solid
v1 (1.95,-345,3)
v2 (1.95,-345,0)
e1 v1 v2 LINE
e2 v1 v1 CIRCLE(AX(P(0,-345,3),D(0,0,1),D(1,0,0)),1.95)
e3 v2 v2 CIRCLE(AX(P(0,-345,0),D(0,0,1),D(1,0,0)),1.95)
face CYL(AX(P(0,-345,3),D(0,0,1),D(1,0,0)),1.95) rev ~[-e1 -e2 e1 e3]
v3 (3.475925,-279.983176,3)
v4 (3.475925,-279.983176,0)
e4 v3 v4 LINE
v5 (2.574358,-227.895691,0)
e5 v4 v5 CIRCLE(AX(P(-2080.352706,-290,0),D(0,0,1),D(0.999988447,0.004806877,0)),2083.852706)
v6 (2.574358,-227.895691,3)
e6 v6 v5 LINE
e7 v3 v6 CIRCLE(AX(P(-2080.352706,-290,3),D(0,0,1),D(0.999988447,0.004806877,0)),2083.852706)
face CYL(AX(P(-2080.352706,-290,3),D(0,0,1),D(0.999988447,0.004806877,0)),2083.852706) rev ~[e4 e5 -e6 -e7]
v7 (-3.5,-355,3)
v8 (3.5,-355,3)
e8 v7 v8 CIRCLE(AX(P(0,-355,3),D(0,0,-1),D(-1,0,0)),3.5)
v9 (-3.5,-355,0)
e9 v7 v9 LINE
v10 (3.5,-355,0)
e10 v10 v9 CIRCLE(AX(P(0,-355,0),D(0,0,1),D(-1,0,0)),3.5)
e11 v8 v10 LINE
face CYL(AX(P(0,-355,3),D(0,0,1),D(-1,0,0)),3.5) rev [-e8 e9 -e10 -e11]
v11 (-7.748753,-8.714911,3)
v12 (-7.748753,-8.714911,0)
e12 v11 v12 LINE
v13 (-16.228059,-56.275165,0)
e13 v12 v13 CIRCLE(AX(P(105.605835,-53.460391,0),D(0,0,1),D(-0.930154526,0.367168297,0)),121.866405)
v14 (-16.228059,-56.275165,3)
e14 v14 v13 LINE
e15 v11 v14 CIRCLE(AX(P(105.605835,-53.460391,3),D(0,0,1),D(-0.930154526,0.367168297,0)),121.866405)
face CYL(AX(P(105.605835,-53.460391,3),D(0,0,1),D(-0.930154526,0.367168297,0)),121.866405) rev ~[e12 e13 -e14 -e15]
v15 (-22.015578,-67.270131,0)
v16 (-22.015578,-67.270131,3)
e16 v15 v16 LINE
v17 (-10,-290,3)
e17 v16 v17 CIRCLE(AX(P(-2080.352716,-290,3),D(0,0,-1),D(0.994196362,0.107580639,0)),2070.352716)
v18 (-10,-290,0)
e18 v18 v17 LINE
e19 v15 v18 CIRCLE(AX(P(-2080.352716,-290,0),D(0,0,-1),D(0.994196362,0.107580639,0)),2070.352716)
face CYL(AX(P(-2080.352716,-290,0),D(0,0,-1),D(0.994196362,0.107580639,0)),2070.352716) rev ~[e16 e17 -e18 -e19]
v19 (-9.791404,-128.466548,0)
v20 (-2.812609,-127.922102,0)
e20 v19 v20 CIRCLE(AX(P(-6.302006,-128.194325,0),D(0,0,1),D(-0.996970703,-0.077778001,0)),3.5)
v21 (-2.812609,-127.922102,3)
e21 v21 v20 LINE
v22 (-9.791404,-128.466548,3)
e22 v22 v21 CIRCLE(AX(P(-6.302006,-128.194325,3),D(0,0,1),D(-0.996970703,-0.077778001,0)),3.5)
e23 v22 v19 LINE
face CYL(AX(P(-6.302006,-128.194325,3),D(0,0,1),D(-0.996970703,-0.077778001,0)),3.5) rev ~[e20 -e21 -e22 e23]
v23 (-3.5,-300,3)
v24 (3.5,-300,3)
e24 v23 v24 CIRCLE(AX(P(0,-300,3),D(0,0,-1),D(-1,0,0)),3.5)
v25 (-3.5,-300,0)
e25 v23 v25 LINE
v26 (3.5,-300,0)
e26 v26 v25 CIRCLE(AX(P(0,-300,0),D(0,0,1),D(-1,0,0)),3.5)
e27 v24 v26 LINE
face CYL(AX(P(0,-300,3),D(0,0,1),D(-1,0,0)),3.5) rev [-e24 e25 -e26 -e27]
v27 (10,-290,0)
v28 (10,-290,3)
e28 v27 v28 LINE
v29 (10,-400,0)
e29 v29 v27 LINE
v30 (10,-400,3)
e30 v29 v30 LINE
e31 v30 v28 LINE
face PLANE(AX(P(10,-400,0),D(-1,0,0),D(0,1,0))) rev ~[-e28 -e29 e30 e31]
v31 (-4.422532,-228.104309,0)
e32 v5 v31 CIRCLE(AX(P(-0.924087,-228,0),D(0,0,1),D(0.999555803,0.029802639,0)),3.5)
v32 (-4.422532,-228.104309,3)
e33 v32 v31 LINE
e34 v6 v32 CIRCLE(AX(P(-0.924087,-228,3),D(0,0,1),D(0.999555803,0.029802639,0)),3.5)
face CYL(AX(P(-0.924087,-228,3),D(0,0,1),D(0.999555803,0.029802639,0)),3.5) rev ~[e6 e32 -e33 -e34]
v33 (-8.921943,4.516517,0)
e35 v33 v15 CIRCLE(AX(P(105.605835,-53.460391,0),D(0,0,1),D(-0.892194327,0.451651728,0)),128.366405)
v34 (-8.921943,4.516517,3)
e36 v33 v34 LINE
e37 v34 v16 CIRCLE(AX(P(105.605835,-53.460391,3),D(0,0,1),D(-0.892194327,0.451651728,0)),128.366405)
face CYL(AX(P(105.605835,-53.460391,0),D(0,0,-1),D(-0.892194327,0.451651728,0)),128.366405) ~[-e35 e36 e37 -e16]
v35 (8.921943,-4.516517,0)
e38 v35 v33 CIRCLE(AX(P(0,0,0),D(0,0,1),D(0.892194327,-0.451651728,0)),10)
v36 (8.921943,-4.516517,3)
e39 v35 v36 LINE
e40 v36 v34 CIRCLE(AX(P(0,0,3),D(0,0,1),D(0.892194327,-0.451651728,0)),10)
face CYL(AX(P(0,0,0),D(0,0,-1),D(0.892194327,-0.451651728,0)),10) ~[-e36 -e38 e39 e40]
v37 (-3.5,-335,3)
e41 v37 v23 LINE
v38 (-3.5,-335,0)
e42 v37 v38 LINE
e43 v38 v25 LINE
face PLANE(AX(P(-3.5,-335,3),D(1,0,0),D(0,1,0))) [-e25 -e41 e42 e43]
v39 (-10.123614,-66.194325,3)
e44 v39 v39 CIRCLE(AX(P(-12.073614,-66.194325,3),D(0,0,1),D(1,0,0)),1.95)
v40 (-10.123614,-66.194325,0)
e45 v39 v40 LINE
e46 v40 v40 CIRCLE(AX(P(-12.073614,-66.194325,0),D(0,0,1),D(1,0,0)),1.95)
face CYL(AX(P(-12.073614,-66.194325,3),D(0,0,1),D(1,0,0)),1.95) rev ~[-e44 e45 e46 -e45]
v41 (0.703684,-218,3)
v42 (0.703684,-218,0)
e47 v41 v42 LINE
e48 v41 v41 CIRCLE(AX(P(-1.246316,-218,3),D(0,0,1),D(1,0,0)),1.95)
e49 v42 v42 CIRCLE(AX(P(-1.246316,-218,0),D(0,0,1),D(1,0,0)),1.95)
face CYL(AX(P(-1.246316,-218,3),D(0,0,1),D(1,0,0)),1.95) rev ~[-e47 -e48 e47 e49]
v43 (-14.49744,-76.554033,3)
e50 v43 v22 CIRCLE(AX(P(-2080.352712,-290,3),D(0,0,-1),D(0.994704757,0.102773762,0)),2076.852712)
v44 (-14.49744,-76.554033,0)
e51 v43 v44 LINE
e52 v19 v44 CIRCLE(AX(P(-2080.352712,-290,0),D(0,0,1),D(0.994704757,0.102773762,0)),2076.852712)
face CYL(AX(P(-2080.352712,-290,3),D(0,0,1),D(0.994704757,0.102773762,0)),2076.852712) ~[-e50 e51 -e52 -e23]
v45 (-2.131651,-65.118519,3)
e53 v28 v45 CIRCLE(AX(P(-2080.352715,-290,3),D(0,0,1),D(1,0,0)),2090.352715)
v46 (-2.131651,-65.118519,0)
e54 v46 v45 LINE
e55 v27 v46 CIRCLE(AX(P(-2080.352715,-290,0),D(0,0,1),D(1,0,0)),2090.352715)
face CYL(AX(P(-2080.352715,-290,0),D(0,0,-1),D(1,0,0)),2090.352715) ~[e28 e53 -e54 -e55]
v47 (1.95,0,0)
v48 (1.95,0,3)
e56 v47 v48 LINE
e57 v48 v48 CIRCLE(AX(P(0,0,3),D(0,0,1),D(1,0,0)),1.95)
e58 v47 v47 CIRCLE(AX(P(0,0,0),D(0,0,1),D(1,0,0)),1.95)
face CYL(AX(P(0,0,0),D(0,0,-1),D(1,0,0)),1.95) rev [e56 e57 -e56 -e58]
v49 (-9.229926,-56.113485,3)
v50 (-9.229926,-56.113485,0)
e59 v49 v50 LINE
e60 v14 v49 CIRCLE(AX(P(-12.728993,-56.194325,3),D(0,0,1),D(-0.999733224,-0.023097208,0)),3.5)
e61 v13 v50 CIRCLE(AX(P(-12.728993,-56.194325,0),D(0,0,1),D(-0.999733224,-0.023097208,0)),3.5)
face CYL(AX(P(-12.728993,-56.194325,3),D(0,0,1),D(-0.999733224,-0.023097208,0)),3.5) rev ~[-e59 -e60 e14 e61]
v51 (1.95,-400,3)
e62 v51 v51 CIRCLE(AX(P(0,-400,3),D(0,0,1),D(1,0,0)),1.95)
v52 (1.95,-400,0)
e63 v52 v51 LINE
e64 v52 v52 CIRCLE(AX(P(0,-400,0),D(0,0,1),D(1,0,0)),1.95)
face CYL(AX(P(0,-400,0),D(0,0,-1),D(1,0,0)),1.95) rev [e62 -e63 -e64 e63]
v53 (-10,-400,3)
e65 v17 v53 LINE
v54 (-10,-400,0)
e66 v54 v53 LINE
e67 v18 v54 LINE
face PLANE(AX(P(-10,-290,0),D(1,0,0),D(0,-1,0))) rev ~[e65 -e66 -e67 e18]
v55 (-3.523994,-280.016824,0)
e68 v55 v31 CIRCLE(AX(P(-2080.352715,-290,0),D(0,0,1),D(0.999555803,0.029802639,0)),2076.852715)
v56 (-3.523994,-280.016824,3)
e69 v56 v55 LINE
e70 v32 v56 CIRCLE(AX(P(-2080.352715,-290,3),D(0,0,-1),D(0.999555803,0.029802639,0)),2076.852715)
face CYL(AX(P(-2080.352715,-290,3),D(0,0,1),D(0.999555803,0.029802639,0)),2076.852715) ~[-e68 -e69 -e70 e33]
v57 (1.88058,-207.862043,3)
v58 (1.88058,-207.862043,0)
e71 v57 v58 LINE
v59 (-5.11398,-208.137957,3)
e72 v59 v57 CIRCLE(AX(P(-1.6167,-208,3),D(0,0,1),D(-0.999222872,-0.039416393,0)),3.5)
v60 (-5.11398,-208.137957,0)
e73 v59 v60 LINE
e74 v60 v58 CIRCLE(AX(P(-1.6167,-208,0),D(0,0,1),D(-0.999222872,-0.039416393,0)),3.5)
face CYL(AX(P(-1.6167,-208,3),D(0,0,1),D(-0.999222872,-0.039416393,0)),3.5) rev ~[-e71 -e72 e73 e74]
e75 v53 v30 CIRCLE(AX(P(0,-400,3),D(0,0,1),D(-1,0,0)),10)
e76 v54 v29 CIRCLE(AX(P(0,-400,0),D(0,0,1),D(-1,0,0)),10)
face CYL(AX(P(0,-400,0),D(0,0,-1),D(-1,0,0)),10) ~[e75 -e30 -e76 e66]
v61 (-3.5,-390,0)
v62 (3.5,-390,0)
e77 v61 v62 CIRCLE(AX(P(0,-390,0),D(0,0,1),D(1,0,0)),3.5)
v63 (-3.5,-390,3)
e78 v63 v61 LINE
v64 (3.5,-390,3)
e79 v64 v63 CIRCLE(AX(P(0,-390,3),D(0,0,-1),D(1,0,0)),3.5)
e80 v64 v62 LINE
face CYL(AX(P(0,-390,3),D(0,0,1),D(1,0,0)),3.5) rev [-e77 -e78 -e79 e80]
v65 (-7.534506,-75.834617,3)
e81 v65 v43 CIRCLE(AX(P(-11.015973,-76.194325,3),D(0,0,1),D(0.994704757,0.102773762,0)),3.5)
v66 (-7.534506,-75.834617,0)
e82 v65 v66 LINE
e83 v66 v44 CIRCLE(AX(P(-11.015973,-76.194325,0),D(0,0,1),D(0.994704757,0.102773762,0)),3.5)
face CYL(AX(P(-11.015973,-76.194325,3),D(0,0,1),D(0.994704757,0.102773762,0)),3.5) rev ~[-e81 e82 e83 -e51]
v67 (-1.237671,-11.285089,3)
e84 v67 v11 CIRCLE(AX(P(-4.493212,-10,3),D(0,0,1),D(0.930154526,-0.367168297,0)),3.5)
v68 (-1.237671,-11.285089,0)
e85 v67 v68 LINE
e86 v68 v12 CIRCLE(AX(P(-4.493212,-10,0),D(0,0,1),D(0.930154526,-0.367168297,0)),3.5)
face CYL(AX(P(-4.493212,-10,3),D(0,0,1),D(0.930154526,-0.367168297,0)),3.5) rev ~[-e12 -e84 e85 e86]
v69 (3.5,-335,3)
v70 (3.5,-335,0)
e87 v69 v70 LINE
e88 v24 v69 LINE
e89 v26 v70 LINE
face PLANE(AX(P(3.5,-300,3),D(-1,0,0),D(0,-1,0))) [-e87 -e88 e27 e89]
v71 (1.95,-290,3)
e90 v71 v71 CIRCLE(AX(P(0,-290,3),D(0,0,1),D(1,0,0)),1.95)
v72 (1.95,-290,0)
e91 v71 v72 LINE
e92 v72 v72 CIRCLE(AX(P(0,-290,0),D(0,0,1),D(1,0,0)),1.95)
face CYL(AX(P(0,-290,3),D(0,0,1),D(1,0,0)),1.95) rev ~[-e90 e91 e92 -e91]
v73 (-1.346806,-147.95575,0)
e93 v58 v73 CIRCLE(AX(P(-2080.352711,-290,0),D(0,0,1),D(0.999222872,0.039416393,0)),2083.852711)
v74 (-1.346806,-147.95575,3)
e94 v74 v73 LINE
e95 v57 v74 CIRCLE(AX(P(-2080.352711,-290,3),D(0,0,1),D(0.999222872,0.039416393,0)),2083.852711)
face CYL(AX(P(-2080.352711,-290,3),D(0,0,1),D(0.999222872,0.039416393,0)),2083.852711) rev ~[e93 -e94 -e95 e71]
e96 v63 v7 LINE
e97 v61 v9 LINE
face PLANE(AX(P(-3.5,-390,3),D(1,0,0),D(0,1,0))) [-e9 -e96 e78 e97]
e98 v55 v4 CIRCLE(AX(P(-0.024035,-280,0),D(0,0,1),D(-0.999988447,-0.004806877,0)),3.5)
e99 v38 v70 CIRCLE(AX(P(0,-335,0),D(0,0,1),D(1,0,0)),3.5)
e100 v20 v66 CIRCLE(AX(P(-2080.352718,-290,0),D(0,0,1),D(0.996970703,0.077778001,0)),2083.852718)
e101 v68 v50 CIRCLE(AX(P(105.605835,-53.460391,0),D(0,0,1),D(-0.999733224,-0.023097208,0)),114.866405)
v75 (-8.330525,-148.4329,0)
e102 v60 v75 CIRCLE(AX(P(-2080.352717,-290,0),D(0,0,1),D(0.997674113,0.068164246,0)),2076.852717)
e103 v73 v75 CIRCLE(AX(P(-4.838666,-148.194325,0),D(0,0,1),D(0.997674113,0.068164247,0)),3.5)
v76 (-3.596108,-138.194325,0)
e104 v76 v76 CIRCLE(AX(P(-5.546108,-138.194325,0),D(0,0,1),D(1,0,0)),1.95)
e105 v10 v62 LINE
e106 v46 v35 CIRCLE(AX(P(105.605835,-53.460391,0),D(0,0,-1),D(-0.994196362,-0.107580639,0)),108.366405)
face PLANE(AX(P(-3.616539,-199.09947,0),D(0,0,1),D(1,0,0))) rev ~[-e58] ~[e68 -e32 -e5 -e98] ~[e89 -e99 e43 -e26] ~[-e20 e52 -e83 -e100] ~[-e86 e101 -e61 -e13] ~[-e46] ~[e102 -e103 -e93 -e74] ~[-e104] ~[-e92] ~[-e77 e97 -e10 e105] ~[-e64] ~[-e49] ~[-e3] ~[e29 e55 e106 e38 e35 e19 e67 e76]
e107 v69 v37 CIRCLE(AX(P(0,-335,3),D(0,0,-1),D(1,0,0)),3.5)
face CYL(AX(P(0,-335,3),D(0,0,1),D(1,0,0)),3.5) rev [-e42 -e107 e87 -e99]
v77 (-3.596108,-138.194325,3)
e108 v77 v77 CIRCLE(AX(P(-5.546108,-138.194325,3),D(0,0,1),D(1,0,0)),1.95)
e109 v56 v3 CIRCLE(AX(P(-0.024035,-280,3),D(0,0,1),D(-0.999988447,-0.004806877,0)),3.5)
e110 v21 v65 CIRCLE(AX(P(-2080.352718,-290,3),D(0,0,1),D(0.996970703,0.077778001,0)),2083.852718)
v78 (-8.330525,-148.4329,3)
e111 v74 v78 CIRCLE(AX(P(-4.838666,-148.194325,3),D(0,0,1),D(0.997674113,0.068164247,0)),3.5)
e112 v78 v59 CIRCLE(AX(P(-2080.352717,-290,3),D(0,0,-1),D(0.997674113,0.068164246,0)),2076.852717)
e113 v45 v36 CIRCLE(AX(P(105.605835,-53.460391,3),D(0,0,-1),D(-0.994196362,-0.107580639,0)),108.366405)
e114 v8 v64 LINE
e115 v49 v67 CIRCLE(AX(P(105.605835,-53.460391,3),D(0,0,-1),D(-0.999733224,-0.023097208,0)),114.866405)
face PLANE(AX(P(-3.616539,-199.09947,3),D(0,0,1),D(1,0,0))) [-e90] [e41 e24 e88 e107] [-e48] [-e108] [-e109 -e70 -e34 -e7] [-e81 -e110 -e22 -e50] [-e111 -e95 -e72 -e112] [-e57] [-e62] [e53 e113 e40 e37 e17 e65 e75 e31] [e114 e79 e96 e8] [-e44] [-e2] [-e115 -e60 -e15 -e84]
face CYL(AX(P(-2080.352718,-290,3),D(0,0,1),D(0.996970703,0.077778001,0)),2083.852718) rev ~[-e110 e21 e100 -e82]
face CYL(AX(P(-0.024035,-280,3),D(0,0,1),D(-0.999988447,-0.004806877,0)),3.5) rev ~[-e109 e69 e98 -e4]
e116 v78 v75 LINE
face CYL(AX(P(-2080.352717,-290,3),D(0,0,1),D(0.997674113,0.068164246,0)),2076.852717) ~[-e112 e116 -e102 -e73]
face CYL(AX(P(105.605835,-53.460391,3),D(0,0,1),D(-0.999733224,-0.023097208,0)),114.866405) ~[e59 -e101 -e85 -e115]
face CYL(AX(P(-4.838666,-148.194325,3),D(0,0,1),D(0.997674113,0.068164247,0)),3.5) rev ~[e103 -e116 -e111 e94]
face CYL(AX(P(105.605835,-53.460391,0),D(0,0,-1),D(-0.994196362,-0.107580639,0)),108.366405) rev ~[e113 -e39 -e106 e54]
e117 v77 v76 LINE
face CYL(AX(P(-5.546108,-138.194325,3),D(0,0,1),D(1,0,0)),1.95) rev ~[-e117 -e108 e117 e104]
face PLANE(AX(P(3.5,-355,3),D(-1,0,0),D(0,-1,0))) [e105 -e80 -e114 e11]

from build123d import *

# Parameters (mm, degrees)
SKETCH_1_R          = 1.95
EXTRUDE_2_DEPTH     = 3
SKETCH_3_R          = 1.95
CUT_EXTRUDE_1_DEPTH = 411.642233029
CUT_EXTRUDE_2_DEPTH = 411.642233029


with BuildPart() as part:
    # 草图1 → 凸台-拉伸2 (new body)
    with BuildSketch(Plane.XY):
        with BuildLine():
            Line((-10, -290), (-10, -400))
            ThreePointArc((-10, -400), (0, -410), (10, -400))
            Line((10, -400), (10, -290))
            ThreePointArc((10, -290), (6.964883906, -177.395762041), (-2.13165062, -65.118518595))
            ThreePointArc((-2.13165062, -65.118518595), (-1.001742213, -34.015540789), (8.921943266, -4.516517282))
            ThreePointArc((8.921943266, -4.516517282), (4.516517282, 8.921943266), (-8.921943266, 4.516517282))
            ThreePointArc((-8.921943266, 4.516517282), (-20.677134638, -30.426817765), (-22.015577858, -67.27013138))
            ThreePointArc((-22.015577858, -67.27013138), (-13.006076822, -178.473132736), (-10, -290))
        make_face()
        Circle(SKETCH_1_R, mode=Mode.SUBTRACT)
        with Locations((0, -400)):
            Circle(SKETCH_1_R, mode=Mode.SUBTRACT)
    extrude(amount=EXTRUDE_2_DEPTH)

    # 草图3 → 切除-拉伸1 (cut, through all)
    with BuildSketch(Plane.XY.offset(3)):
        with Locations((-12.073614239, -66.194324988)):
            Circle(SKETCH_3_R)
        with Locations((0, -290)):
            Circle(SKETCH_3_R)
        with Locations((0, -345)):
            Circle(SKETCH_3_R)
        with Locations((-5.546108146, -138.194324988)):
            Circle(SKETCH_3_R)
        with Locations((-1.246315893, -218)):
            Circle(SKETCH_3_R)
    extrude(amount=-CUT_EXTRUDE_1_DEPTH, mode=Mode.SUBTRACT)

    # 草图4 → 切除-拉伸2 (cut, through all)
    with BuildSketch(Plane.XY.offset(3)):
        with BuildLine():
            Line((3.5, -300), (3.5, -335))
            ThreePointArc((3.5, -335), (0, -338.5), (-3.5, -335))
            Line((-3.5, -335), (-3.5, -300))
            ThreePointArc((-3.5, -300), (0, -296.5), (3.5, -300))
        make_face()
        with BuildLine():
            Line((3.5, -355), (3.5, -390))
            ThreePointArc((3.5, -390), (0, -393.5), (-3.5, -390))
            Line((-3.5, -390), (-3.5, -355))
            ThreePointArc((-3.5, -355), (0, -351.5), (3.5, -355))
        make_face()
        with BuildLine():
            ThreePointArc((-7.748753127, -8.714910959), (-14.36874553, -32.070657967), (-16.228058971, -56.275165217))
            ThreePointArc((-16.228058971, -56.275165217), (-12.648152458, -59.693391271), (-9.229926404, -56.113484758))
            ThreePointArc((-9.229926404, -56.113484758), (-7.477411831, -33.29928315), (-1.237671449, -11.285089041))
            ThreePointArc((-1.237671449, -11.285089041), (-3.208123247, -6.744459161), (-7.748753127, -8.714910959))
        make_face()
        with BuildLine():
            ThreePointArc((-2.812608819, -127.922101985), (-5.01013796, -101.863544894), (-7.534506265, -75.83461682))
            ThreePointArc((-7.534506265, -75.83461682), (-11.375681082, -72.712858338), (-14.497439565, -76.554033155))
            ThreePointArc((-14.497439565, -76.554033155), (-11.981551023, -102.495525828), (-9.79140374, -128.46654799))
            ThreePointArc((-9.79140374, -128.46654799), (-6.029783277, -131.683722448), (-2.812608819, -127.922101985))
        make_face()
        with BuildLine():
            ThreePointArc((1.880579751, -207.862042625), (0.482482294, -177.897281403), (-1.346806184, -147.955750125))
            ThreePointArc((-1.346806184, -147.955750125), (-5.077240441, -144.702465593), (-8.330524974, -148.43289985))
            ThreePointArc((-8.330524974, -148.43289985), (-6.507381374, -178.273852657), (-5.113980353, -208.137957375))
            ThreePointArc((-5.113980353, -208.137957375), (-1.478742925, -211.497280052), (1.880579751, -207.862042625))
        make_face()
        with BuildLine():
            ThreePointArc((3.475925039, -279.98317593), (3.187918187, -253.936615897), (2.574358276, -227.895690765))
            ThreePointArc((2.574358276, -227.895690765), (-1.028396268, -224.501554691), (-4.422532343, -228.104309235))
            ThreePointArc((-4.422532343, -228.104309235), (-3.81103348, -254.057758666), (-3.523994089, -280.01682407))
            ThreePointArc((-3.523994089, -280.01682407), (-0.007210455, -283.499959564), (3.475925039, -279.98317593))
        make_face()
    extrude(amount=-CUT_EXTRUDE_2_DEPTH, mode=Mode.SUBTRACT)


solid = part.part
